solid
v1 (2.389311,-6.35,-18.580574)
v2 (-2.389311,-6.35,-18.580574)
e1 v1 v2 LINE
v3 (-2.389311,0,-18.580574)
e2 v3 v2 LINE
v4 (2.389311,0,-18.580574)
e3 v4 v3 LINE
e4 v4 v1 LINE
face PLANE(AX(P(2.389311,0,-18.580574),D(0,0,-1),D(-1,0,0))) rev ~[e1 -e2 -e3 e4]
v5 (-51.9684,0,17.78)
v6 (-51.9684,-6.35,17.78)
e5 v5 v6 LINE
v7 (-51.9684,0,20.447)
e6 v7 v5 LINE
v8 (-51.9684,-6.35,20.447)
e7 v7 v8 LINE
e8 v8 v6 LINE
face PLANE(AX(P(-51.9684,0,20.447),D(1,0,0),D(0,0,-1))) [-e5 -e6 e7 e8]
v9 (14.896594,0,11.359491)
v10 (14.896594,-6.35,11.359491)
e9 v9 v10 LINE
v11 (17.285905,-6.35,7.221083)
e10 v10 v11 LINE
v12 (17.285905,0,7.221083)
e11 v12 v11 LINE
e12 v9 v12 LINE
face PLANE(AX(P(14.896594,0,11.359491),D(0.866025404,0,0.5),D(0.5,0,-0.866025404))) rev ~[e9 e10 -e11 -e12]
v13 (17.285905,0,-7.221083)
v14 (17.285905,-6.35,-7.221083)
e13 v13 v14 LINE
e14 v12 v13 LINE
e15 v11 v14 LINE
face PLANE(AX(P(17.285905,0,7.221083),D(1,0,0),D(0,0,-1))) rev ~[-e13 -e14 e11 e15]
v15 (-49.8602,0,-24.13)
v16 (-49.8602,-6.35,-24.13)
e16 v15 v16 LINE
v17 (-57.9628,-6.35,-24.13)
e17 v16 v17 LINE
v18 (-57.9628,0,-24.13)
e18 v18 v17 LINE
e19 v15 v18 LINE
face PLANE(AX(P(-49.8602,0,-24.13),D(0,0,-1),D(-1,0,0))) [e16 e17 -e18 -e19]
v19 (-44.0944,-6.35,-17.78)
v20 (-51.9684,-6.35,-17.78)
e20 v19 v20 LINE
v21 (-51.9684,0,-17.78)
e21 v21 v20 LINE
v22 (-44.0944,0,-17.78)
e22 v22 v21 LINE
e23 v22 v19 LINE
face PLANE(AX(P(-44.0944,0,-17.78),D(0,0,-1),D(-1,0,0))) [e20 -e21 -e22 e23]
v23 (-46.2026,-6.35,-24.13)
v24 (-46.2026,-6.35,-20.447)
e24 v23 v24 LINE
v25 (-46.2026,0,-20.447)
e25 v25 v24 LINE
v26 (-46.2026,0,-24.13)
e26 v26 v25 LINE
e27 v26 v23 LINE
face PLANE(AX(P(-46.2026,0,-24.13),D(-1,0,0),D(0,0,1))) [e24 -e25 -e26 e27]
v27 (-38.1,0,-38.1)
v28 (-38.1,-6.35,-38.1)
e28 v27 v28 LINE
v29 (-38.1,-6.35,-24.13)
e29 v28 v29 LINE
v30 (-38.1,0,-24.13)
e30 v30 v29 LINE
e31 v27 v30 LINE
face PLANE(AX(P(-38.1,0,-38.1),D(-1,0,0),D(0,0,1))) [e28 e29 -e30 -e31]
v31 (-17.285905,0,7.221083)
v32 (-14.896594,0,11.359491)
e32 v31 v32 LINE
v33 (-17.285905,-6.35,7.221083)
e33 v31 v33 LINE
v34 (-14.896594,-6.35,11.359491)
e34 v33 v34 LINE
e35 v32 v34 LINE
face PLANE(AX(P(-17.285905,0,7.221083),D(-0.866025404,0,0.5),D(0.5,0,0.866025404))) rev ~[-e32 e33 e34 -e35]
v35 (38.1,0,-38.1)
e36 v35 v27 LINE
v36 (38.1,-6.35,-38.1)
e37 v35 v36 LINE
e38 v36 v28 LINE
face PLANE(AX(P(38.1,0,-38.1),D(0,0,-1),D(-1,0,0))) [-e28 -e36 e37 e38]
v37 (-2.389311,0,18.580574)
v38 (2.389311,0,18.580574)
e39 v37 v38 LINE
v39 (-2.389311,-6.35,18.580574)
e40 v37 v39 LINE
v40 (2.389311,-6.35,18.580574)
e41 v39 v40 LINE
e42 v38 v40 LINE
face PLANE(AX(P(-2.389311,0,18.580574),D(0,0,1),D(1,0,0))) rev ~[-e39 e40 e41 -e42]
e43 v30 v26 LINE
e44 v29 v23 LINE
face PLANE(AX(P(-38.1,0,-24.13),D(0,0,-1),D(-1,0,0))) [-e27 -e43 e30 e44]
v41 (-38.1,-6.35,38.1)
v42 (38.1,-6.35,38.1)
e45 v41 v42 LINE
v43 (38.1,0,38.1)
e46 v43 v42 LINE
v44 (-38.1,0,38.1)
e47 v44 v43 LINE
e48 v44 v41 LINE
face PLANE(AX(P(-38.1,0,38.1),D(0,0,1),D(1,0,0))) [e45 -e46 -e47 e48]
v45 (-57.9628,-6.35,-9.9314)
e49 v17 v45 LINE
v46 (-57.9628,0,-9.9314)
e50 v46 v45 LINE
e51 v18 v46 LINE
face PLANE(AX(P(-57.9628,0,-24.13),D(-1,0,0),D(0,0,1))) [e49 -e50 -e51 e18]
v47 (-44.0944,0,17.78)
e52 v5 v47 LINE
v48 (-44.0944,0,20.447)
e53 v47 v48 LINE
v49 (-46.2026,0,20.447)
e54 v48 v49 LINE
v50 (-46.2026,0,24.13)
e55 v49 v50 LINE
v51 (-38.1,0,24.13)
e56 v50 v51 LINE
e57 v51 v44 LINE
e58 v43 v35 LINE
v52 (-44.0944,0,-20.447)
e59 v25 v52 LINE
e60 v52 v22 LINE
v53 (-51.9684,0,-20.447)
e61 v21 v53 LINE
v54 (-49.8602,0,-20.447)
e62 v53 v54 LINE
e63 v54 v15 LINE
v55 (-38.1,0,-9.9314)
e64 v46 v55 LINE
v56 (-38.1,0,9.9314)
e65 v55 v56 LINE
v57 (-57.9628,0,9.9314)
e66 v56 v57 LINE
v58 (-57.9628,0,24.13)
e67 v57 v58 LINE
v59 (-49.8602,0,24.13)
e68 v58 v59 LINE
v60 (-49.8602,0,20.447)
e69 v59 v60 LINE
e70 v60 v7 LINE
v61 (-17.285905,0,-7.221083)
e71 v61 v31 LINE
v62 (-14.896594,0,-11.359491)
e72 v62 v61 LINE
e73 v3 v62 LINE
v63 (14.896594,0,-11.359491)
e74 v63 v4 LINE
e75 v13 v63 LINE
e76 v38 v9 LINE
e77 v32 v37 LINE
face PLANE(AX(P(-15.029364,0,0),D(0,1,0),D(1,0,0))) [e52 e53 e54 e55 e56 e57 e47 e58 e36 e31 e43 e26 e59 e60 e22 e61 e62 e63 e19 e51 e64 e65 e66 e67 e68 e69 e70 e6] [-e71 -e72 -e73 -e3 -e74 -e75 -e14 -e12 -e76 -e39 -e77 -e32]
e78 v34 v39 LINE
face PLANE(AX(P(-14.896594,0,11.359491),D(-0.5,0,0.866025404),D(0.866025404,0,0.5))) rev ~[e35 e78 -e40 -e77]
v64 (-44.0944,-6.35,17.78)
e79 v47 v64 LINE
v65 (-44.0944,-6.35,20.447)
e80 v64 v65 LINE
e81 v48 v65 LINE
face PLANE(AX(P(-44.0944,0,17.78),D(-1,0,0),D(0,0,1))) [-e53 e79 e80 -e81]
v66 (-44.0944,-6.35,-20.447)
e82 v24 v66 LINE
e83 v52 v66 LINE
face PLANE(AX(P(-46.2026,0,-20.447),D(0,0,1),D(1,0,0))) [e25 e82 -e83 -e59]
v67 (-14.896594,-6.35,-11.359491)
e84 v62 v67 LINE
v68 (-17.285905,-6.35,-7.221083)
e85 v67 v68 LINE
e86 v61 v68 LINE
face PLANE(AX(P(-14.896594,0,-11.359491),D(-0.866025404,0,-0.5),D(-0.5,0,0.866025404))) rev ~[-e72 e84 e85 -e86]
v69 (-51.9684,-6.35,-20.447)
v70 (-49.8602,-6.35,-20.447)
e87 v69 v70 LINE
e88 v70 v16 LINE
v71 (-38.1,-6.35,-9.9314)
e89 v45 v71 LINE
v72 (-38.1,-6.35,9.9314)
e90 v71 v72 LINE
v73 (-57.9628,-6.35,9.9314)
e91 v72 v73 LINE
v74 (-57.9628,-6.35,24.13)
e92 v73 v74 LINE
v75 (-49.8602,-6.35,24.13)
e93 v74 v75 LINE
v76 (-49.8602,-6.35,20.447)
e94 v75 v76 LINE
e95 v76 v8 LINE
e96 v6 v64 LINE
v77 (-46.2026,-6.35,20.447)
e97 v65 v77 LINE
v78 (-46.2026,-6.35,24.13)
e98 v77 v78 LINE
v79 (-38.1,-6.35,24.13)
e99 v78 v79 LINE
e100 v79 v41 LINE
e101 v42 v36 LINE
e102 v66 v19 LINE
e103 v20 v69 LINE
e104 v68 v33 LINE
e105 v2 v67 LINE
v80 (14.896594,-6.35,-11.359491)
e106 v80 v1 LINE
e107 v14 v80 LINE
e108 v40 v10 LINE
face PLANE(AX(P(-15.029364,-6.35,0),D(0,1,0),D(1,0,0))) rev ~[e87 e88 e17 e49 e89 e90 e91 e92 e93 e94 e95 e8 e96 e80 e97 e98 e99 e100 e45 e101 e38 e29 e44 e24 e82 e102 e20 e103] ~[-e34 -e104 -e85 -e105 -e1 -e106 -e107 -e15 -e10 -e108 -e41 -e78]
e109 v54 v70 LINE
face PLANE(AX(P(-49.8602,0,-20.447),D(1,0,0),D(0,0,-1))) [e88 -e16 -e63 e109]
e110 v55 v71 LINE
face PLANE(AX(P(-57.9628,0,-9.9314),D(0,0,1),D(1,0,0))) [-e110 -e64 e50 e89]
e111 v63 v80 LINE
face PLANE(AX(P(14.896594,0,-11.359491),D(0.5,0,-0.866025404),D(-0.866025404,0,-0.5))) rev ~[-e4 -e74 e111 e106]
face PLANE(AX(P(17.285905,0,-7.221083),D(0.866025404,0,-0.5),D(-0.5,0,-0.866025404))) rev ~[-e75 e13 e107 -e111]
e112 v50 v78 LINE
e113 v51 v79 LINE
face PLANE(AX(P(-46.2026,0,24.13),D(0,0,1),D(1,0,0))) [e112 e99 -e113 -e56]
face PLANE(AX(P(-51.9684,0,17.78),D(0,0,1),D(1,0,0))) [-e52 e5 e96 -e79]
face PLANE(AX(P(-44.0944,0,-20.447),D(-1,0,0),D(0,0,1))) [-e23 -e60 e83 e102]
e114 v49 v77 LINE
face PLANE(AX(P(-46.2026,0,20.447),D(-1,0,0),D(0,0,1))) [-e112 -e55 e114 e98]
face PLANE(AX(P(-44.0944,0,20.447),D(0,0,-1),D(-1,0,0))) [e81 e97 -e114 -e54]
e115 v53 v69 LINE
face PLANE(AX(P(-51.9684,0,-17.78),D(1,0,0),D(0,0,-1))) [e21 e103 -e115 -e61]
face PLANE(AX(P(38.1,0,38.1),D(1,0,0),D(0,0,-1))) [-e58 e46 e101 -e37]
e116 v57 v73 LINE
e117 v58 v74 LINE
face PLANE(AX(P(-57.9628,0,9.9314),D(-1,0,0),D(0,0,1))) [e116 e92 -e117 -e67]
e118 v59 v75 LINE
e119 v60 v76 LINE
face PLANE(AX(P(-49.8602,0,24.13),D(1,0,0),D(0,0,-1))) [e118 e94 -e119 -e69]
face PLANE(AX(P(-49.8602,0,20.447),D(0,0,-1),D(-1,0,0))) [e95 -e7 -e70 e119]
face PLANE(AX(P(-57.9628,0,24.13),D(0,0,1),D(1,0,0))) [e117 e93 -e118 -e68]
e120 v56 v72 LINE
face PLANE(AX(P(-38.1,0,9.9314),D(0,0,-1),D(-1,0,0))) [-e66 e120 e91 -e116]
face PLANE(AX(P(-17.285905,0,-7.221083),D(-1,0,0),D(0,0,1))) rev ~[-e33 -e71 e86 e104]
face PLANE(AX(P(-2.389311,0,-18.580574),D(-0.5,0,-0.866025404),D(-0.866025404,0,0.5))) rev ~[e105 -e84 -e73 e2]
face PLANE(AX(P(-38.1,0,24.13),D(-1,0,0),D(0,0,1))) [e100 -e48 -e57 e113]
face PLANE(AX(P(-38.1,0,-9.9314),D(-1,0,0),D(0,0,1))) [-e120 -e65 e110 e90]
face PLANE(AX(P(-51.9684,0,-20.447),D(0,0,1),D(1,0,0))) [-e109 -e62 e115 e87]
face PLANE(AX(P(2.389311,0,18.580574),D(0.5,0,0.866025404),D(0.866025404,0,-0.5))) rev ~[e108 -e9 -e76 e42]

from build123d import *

# Parameters (mm, degrees)
BOSS_EXTRUDE1_DEPTH = 6.35


with BuildPart() as part:
    # Sketch1 → Boss-Extrude1 (new body)
    with BuildSketch(Plane(origin=(0, 0, 0), x_dir=(1, 0, 0), z_dir=(0, 1, 0))):
        Polygon((-38.1, -38.1), (38.1, -38.1), (38.1, 38.1), (-38.1, 38.1), (-38.1, 24.13), (-46.2026, 24.13), (-46.2026, 20.447), (-44.0944, 20.447), (-44.0944, 17.78), (-51.9684, 17.78), (-51.9684, 20.447), (-49.8602, 20.447), (-49.8602, 24.13), (-57.9628, 24.13), (-57.9628, 9.9314), (-38.1, 9.9314), (-38.1, -9.9314), (-57.9628, -9.9314), (-57.9628, -24.13), (-49.8602, -24.13), (-49.8602, -20.447), (-51.9684, -20.447), (-51.9684, -17.78), (-44.0944, -17.78), (-44.0944, -20.447), (-46.2026, -20.447), (-46.2026, -24.13), (-38.1, -24.13), align=None)
        Polygon((-2.389310714, -18.580574179), (2.389310714, -18.580574179), (14.896593899, -11.359490865), (17.285904613, -7.221083314), (17.285904613, 7.221083314), (14.896593899, 11.359490865), (2.389310714, 18.580574179), (-2.389310714, 18.580574179), (-14.896593899, 11.359490865), (-17.285904613, 7.221083314), (-17.285904613, -7.221083314), (-14.896593899, -11.359490865), align=None, mode=Mode.SUBTRACT)
    extrude(amount=-BOSS_EXTRUDE1_DEPTH)


solid = part.part
